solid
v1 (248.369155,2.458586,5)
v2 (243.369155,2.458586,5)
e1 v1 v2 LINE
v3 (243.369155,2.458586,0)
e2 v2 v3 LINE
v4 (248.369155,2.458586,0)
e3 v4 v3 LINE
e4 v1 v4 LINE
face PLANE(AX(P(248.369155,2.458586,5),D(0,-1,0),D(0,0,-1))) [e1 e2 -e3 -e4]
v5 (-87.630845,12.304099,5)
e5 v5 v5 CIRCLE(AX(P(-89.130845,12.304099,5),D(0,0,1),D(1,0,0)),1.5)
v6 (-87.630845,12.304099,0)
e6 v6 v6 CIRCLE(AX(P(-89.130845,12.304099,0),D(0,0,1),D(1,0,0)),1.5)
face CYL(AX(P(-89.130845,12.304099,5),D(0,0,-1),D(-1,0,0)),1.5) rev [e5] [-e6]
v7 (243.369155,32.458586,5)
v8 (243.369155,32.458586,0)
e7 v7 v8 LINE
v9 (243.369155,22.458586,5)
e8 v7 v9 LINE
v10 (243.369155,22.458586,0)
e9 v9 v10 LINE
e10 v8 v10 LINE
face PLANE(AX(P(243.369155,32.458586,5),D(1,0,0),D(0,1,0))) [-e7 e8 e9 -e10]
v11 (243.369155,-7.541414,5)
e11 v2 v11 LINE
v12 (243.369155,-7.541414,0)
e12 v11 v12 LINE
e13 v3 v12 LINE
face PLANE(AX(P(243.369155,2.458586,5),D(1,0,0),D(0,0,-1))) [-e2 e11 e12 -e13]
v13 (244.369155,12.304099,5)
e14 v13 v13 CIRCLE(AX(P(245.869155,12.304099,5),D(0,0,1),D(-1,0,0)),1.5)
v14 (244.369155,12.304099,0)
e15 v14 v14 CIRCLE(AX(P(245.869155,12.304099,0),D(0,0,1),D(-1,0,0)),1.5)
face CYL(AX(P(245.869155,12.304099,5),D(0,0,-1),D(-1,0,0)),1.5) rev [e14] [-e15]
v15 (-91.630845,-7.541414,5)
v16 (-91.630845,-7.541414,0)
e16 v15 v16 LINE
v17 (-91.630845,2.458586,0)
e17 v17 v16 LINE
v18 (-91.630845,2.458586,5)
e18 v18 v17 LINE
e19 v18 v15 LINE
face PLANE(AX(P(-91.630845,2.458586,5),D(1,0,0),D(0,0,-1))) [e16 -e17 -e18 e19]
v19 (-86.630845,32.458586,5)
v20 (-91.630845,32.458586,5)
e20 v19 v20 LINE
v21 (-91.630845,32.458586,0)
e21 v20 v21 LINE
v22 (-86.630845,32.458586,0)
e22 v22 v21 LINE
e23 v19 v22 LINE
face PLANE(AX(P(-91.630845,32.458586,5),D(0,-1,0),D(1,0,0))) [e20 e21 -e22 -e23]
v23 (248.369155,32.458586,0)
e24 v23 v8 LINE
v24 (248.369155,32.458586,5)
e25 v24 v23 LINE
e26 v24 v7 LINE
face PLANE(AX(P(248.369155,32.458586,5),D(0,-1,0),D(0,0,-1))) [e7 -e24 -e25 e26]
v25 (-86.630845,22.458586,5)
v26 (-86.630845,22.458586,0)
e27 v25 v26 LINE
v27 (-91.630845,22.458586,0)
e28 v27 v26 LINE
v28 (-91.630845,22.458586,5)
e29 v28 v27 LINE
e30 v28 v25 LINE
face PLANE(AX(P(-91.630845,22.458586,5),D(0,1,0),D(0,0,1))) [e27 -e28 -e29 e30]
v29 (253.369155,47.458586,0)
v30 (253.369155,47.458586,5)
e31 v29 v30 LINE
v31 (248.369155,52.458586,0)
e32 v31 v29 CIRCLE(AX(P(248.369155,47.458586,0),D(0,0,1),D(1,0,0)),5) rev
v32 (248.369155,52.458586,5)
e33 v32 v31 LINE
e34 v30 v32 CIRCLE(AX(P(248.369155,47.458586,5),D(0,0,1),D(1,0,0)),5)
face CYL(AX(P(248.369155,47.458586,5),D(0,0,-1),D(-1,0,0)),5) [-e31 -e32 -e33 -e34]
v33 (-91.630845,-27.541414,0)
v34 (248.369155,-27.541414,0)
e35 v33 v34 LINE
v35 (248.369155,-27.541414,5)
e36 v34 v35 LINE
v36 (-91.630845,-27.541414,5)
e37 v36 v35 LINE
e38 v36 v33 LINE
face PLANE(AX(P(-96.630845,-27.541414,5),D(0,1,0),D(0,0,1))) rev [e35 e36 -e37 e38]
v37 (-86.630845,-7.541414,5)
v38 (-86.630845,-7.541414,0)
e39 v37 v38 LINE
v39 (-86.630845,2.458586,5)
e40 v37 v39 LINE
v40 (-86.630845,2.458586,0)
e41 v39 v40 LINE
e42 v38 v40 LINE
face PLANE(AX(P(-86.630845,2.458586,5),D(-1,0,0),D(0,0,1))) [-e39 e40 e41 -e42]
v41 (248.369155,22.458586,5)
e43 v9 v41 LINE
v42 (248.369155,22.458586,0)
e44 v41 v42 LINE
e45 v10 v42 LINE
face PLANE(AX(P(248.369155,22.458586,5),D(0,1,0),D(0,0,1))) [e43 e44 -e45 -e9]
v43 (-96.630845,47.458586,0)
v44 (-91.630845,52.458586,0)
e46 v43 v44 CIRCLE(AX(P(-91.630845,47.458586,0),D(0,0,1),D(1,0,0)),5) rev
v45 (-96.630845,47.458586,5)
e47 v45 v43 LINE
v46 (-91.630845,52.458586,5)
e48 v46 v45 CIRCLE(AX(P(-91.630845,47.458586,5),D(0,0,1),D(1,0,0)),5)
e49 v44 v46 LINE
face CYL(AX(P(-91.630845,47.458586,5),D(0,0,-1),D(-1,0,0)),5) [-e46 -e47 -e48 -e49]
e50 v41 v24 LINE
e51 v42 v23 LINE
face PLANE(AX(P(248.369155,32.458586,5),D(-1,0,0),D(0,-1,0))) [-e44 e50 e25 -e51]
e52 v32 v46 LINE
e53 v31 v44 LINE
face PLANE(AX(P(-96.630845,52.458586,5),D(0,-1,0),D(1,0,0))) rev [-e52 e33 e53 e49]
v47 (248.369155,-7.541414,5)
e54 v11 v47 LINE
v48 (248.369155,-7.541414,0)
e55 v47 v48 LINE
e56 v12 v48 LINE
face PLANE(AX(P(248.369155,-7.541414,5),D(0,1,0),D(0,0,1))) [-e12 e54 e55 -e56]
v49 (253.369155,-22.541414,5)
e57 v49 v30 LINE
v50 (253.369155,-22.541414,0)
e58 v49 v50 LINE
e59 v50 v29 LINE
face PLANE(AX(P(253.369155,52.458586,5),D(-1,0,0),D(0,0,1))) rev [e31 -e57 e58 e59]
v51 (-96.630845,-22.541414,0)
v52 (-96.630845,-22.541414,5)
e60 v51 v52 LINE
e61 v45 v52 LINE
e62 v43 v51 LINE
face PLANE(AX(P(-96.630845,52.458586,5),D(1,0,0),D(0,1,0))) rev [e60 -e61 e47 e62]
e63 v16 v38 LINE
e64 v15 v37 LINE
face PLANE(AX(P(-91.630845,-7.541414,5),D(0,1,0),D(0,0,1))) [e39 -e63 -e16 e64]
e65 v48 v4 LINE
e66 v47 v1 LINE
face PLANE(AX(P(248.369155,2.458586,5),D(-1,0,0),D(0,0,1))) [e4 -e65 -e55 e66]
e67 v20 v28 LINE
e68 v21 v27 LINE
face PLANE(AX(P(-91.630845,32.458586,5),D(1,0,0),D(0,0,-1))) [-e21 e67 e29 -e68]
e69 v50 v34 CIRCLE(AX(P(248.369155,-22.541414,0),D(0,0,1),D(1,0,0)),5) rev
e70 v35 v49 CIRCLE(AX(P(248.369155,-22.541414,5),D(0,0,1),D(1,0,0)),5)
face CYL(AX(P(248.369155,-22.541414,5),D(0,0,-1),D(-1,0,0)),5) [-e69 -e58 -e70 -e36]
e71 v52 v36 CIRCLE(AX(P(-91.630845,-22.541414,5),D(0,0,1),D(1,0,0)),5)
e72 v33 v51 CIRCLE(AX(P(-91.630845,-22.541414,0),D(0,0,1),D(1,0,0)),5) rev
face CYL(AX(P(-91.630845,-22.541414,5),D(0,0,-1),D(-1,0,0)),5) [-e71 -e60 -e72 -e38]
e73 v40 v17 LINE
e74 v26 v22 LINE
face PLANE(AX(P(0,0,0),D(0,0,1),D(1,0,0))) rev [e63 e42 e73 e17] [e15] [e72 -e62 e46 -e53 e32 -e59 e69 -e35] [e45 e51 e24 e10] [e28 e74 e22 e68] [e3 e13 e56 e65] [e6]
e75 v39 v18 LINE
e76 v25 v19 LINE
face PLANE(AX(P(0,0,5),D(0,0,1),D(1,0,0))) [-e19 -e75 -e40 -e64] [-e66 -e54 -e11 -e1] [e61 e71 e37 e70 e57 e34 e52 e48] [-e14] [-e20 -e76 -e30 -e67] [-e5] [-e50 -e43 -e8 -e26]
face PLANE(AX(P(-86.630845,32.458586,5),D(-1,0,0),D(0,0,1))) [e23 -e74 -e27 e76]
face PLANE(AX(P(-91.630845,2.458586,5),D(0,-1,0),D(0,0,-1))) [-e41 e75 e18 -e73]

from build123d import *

# Parameters (mm, degrees)
ESQUISSE1_W        = 350
ESQUISSE1_H        = 80
ESQUISSE1_R        = 1.5
ESQUISSE1_W_2      = 5
ESQUISSE1_H_2      = 10
BOSS_EXTRU_1_DEPTH = 5
CONG_1_R           = 5


with BuildPart() as part:
    # Esquisse1 → Boss.-Extru.1 (new body)
    with BuildSketch(Plane.XY):
        with Locations((78.369154872, 12.458586165)):
            Rectangle(ESQUISSE1_W, ESQUISSE1_H)
        with Locations((-89.130845128, 12.3040989)):
            Circle(ESQUISSE1_R, mode=Mode.SUBTRACT)
        with Locations(Location((245.869154872, 12.3040989, 0), (0, 0, 180))):
            Circle(ESQUISSE1_R, mode=Mode.SUBTRACT)
        with Locations((-89.130845128, 27.458586165)):
            Rectangle(ESQUISSE1_W_2, ESQUISSE1_H_2, mode=Mode.SUBTRACT)
        with Locations((-89.130845128, -2.541413835)):
            Rectangle(ESQUISSE1_W_2, ESQUISSE1_H_2, mode=Mode.SUBTRACT)
        with Locations((245.869154872, -2.541413835)):
            Rectangle(ESQUISSE1_W_2, ESQUISSE1_H_2, mode=Mode.SUBTRACT)
        with Locations((245.869154872, 27.458586165)):
            Rectangle(ESQUISSE1_W_2, ESQUISSE1_H_2, mode=Mode.SUBTRACT)
    extrude(amount=BOSS_EXTRU_1_DEPTH)

    # Congé1
    cong_1_edges = [part.edges().sort_by_distance(p)[0] for p in [
        (-96.630845128, 52.458586165, 2.5),
        (253.369154872, 52.458586165, 2.5),
        (253.369154872, -27.541413835, 2.5),
        (-96.630845128, -27.541413835, 2.5),
    ]]
    fillet(cong_1_edges, radius=CONG_1_R)


solid = part.part
